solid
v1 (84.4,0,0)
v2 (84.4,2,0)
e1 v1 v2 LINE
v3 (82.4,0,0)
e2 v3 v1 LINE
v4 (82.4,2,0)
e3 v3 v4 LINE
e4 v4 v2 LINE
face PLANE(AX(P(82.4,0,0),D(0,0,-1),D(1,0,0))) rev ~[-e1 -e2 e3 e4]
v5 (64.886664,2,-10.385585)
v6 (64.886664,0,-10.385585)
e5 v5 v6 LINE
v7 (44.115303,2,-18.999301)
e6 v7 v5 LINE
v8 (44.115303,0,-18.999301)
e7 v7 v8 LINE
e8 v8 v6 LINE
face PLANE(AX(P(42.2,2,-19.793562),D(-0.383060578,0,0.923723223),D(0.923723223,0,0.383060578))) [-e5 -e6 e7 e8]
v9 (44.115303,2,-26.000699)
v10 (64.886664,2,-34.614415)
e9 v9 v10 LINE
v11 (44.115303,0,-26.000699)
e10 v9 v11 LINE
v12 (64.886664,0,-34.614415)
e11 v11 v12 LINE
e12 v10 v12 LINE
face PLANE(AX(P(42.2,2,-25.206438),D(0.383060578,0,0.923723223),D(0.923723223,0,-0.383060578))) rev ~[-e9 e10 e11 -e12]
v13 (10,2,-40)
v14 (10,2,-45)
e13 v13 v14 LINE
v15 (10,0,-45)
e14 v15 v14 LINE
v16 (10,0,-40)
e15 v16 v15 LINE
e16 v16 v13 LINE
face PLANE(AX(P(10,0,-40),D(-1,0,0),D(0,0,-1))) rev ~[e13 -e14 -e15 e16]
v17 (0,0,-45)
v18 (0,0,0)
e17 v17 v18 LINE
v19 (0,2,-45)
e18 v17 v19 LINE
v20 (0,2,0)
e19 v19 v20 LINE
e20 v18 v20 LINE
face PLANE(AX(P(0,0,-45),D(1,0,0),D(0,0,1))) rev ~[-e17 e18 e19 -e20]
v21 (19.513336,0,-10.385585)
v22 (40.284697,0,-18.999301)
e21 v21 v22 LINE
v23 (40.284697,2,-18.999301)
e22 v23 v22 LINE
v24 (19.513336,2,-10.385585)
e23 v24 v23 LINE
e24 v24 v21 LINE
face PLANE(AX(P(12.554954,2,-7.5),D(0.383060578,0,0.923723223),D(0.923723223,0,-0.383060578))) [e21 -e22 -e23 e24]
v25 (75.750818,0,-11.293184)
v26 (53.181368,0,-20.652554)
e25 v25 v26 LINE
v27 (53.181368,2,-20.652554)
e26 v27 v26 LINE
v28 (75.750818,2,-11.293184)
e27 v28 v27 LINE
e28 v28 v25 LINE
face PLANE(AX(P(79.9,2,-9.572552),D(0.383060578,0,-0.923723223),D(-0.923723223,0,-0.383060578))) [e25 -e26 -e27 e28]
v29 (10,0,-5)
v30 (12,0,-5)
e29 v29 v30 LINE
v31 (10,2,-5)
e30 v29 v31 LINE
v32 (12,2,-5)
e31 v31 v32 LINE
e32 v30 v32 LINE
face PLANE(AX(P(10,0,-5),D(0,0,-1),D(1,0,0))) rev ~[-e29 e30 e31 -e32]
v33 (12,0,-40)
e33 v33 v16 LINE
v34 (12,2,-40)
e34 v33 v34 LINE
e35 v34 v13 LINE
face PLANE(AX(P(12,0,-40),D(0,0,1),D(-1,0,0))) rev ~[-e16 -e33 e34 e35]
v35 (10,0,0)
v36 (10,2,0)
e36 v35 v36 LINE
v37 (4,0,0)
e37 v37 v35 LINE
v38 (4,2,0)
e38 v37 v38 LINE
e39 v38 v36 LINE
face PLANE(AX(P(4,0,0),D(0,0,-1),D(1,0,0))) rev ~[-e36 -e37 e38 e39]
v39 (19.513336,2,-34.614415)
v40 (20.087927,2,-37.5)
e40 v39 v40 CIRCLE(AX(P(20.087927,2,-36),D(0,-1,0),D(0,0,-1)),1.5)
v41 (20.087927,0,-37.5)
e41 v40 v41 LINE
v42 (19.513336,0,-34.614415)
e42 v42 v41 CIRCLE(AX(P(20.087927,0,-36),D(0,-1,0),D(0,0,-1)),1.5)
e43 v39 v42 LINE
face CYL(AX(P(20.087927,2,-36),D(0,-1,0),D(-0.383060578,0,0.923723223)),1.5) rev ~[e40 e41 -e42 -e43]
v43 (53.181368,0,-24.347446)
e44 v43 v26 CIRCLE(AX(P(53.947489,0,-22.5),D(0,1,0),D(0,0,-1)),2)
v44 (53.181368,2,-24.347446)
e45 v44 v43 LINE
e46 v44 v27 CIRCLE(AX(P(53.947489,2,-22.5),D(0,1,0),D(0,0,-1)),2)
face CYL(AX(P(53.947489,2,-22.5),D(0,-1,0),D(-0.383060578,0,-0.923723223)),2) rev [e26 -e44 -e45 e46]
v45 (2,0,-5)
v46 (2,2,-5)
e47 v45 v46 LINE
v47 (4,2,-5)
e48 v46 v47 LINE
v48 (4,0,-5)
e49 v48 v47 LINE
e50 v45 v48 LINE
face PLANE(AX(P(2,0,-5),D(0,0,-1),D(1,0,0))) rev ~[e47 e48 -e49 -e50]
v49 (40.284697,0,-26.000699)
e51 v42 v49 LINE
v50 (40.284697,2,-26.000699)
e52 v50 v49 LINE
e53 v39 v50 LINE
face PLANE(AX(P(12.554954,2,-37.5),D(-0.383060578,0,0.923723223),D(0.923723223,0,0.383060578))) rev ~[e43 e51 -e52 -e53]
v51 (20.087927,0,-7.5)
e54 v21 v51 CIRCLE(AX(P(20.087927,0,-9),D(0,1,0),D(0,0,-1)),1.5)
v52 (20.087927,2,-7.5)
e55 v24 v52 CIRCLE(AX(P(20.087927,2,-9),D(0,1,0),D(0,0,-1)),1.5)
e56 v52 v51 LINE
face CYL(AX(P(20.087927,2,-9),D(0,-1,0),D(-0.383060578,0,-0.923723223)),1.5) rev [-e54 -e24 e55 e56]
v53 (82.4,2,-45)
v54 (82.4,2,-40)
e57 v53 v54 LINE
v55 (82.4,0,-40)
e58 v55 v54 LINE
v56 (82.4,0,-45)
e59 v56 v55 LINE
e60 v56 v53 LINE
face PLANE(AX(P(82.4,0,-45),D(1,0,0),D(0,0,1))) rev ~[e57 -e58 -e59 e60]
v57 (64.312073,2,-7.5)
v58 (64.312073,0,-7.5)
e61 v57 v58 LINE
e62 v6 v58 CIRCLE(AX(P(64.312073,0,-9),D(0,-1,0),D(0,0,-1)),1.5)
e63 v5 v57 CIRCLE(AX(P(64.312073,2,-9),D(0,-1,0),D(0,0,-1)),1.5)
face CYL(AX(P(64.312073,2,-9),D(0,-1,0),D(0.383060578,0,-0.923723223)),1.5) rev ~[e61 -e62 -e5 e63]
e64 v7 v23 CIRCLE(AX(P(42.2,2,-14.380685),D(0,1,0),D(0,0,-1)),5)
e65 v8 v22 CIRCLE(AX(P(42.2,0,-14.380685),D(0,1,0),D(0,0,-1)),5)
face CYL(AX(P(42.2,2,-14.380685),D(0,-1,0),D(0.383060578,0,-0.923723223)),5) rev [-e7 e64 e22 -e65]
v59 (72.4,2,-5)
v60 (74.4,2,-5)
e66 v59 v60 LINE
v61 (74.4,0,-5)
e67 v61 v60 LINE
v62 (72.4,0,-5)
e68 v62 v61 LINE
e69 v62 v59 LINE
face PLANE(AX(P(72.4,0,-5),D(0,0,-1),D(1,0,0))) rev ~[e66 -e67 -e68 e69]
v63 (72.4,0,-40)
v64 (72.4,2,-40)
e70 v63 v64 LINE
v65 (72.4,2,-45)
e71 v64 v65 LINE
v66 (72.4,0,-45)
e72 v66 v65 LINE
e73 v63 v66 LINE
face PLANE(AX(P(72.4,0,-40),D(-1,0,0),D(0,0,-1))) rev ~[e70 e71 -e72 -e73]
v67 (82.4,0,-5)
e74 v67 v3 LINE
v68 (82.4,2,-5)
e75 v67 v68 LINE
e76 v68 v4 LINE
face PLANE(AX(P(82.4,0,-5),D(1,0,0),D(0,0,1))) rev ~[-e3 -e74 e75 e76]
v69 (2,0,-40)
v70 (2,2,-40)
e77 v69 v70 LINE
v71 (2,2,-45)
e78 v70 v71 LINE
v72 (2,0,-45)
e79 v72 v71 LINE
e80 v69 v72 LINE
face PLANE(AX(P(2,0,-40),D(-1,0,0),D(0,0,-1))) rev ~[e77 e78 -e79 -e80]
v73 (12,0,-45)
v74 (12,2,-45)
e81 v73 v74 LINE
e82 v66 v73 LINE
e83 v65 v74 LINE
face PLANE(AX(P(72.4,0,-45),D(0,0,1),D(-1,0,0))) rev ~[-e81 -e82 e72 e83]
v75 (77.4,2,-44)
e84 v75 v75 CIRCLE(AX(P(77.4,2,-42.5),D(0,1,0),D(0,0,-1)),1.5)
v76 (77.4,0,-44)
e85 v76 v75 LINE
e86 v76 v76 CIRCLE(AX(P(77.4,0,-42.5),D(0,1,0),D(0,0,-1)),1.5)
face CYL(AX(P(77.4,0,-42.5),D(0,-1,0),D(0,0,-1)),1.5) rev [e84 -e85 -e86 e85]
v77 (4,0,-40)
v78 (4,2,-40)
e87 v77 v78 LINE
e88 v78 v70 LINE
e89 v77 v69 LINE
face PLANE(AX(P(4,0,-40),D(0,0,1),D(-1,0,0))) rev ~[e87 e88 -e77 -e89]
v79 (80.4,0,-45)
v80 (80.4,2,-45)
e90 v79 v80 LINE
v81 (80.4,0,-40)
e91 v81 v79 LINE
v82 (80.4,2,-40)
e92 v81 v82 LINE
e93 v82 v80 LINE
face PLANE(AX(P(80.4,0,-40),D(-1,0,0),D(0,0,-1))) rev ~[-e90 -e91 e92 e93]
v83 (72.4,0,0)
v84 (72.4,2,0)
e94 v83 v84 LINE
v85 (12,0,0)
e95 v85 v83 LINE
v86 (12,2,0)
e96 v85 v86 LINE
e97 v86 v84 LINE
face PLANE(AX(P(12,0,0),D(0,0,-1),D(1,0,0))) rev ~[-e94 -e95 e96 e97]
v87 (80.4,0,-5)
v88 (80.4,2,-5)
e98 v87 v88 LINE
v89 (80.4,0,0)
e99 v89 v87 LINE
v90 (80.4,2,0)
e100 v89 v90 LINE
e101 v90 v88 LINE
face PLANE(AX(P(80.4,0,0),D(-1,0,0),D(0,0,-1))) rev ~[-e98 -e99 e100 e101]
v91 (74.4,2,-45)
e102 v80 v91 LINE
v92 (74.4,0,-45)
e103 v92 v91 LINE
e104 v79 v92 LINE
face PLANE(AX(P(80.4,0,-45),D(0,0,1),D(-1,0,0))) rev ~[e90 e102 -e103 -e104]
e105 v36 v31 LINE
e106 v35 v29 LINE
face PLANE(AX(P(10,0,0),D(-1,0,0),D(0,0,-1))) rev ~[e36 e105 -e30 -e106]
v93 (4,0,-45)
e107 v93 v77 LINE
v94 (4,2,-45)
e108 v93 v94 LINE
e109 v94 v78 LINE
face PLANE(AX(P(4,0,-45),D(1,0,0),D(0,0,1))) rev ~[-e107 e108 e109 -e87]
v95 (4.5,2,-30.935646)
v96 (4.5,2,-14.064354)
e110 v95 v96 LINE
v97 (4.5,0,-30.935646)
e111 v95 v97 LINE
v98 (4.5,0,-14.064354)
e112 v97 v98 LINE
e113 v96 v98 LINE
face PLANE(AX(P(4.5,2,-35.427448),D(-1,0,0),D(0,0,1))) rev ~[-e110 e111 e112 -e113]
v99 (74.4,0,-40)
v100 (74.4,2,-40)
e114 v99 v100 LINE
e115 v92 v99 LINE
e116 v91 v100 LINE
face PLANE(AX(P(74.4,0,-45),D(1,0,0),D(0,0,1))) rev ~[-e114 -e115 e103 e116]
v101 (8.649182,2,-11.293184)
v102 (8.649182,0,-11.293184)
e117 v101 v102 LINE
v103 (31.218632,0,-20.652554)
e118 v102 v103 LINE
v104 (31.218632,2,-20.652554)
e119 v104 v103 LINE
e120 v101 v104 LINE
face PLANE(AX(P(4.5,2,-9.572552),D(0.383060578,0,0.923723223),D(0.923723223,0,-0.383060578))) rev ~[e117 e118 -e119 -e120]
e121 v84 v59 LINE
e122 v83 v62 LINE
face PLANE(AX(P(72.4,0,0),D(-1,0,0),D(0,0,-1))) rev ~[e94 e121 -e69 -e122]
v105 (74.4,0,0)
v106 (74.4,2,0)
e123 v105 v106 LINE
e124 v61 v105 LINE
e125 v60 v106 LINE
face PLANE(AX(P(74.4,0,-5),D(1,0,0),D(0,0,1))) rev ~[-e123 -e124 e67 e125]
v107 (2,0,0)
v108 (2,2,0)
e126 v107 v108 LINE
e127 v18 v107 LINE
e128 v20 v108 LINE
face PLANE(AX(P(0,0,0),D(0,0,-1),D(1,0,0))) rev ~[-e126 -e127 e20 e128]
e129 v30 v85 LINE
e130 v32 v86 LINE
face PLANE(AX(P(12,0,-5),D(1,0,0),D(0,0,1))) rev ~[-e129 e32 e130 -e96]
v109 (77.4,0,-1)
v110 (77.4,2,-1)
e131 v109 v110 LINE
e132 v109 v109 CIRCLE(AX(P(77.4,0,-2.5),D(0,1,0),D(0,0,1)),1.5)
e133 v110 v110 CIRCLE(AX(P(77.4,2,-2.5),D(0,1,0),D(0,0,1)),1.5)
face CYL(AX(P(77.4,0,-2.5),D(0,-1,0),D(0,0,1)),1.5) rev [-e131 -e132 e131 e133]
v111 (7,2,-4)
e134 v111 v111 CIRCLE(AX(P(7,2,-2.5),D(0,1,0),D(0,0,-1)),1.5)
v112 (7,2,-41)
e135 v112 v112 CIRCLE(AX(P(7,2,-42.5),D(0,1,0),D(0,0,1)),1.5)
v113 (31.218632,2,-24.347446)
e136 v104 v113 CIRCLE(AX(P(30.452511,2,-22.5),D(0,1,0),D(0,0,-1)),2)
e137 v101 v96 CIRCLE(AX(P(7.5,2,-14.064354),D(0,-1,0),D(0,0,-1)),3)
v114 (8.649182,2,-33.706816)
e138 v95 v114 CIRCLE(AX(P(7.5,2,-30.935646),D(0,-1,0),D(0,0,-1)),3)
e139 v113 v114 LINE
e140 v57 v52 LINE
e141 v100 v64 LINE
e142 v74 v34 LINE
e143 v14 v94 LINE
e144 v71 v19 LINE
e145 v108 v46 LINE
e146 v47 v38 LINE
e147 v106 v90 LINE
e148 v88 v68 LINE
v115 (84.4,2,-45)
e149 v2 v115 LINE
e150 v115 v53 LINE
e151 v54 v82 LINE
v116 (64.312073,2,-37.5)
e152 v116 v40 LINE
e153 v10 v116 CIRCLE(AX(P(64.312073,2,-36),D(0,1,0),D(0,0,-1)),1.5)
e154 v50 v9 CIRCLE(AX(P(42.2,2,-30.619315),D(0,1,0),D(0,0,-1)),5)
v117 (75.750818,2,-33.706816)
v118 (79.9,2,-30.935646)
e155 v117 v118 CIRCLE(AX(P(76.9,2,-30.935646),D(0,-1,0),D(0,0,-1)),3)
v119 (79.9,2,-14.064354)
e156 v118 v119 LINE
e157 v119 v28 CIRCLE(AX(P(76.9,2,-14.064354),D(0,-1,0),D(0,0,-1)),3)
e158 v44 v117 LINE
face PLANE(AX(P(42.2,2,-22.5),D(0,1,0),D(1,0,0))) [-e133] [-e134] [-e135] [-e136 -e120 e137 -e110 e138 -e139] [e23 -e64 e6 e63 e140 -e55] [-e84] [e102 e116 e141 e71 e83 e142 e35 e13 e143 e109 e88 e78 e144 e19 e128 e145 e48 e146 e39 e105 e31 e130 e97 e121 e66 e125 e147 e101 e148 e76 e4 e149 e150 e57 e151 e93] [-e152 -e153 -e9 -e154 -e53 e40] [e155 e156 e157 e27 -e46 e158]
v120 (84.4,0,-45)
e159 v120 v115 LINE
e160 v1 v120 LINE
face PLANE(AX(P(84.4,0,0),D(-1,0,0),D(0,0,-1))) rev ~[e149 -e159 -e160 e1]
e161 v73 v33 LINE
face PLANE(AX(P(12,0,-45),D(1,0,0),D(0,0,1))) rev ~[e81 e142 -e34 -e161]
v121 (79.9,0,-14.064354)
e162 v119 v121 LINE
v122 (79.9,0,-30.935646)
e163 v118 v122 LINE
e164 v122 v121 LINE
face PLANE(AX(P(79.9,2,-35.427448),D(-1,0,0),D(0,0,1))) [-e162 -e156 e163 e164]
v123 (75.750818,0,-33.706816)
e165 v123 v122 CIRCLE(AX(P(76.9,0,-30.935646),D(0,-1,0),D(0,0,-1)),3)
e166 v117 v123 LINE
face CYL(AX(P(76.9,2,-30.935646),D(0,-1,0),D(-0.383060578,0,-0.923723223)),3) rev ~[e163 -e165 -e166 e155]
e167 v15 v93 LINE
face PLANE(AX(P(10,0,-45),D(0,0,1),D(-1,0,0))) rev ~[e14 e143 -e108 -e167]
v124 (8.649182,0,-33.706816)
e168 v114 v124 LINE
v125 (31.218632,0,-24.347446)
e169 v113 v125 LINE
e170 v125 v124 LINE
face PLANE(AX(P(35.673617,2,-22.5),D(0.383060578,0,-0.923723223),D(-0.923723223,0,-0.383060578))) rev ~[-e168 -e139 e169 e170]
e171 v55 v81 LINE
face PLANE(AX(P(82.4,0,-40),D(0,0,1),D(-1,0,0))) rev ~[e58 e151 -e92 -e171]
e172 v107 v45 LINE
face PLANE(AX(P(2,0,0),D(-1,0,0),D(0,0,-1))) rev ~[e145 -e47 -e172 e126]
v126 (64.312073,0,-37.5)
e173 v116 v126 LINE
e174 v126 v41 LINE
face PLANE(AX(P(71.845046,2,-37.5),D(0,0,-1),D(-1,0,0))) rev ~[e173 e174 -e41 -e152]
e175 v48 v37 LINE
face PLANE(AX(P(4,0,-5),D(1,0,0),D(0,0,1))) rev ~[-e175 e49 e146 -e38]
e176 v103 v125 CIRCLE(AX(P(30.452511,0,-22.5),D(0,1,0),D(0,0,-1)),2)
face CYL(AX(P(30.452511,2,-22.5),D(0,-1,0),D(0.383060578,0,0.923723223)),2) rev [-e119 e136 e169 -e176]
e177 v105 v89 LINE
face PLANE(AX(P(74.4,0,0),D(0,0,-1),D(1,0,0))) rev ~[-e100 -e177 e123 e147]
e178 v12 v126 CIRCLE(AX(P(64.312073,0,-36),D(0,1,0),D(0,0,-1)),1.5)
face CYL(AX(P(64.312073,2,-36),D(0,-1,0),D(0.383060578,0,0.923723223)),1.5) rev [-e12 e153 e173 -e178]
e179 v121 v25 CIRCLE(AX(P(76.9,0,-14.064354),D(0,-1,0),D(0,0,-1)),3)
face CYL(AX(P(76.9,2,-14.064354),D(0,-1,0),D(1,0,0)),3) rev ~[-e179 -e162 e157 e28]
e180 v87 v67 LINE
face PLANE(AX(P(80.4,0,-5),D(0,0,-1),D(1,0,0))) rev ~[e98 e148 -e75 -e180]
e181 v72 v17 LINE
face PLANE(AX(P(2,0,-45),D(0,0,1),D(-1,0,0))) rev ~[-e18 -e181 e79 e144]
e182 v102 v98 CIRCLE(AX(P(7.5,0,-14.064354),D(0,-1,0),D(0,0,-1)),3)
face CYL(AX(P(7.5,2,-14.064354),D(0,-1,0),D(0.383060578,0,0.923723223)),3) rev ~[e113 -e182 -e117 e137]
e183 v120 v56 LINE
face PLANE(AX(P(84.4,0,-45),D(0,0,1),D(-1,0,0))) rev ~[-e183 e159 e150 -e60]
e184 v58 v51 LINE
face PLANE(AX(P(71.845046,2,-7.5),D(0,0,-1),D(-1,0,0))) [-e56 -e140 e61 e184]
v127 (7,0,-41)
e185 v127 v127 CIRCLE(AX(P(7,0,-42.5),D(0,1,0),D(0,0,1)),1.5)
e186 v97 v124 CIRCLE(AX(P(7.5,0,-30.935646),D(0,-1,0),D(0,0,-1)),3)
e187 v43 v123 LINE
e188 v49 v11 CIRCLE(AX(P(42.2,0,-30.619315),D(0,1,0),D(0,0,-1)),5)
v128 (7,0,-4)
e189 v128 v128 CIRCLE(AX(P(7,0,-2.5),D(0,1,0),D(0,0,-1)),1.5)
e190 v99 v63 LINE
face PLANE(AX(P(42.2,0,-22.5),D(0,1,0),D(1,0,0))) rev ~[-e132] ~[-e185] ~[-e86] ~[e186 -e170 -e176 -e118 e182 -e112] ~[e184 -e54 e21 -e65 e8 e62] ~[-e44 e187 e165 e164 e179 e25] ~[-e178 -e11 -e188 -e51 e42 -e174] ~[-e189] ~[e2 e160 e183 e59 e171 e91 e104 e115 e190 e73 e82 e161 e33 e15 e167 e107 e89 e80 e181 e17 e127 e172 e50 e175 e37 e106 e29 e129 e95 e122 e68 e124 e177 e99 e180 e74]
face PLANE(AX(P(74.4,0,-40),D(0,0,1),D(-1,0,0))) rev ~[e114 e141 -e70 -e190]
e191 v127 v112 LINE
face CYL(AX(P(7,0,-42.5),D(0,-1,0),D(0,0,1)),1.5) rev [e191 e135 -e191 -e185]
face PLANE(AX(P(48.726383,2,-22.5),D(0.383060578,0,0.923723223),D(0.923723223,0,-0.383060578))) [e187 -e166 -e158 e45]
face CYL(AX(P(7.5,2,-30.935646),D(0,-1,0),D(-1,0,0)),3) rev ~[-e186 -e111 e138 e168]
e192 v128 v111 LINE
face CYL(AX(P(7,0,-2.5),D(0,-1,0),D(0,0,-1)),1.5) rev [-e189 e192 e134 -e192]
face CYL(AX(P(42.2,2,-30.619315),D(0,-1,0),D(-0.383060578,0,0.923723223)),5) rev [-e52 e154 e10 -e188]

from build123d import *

# Parameters (mm, degrees)
SKETCH1_R           = 1.5
BOSS_EXTRUDE1_DEPTH = 2
CUT_EXTRUDE2_DEPTH  = 10
FILLET30_R          = 1.5
FILLET31_R          = 5
FILLET32_R          = 2
FILLET33_R          = 3


with BuildPart() as part:
    # Sketch1 → Boss-Extrude1 (new body)
    with BuildSketch(Plane(origin=(0, 0, 0), x_dir=(1, 0, 0), z_dir=(0, 1, 0))):
        Polygon((0, 0), (2, 0), (2, 5), (4, 5), (4, 0), (10, 0), (10, 5), (12, 5), (12, 0), (72.4, 0), (72.4, 5), (74.4, 5), (74.4, 0), (80.4, 0), (80.4, 5), (82.4, 5), (82.4, 0), (84.4, 0), (84.4, 45), (82.4, 45), (82.4, 40), (80.4, 40), (80.4, 45), (74.4, 45), (74.4, 40), (72.4, 40), (72.4, 45), (12, 45), (12, 40), (10, 40), (10, 45), (4, 45), (4, 40), (2, 40), (2, 45), (0, 45), align=None)
        with Locations(Location((7, 42.5, 0), (0, 0, 270))):
            Circle(SKETCH1_R, mode=Mode.SUBTRACT)
        with Locations(Location((77.4, 42.5, 0), (0, 0, 90))):
            Circle(SKETCH1_R, mode=Mode.SUBTRACT)
        with Locations(Location((7, 2.5, 0), (0, 0, 90))):
            Circle(SKETCH1_R, mode=Mode.SUBTRACT)
        with Locations(Location((77.4, 2.5, 0), (0, 0, 270))):
            Circle(SKETCH1_R, mode=Mode.SUBTRACT)
    extrude(amount=BOSS_EXTRUDE1_DEPTH)

    # Sketch3 → Cut-Extrude2 (cut)
    with BuildSketch(Plane(origin=(0, 2, 0), x_dir=(1, 0, 0), z_dir=(0, 1, 0))):
        Polygon((71.845045693, 7.5), (12.554954307, 7.5), (42.2, 19.793561603), align=None)
        Polygon((4.5, 35.427447859), (4.5, 9.572552141), (35.673617122, 22.5), align=None)
        Polygon((12.554954307, 37.5), (42.2, 25.206438397), (71.845045693, 37.5), align=None)
        Polygon((79.9, 35.427447859), (79.9, 9.572552141), (48.726382878, 22.5), align=None)
    extrude(amount=-CUT_EXTRUDE2_DEPTH, mode=Mode.SUBTRACT)

    # Fillet30
    fillet30_edges = [part.edges().sort_by_distance(p)[0] for p in [
        (12.554954307, 1, -7.5),
        (71.845045693, 1, -7.5),
        (71.845045693, 1, -37.5),
        (12.554954307, 1, -37.5),
    ]]
    fillet(fillet30_edges, radius=FILLET30_R)

    # Fillet31
    fillet31_edges = [part.edges().sort_by_distance(p)[0] for p in [
        (42.2, 1, -19.793561603),
        (42.2, 1, -25.206438397),
    ]]
    fillet(fillet31_edges, radius=FILLET31_R)

    # Fillet32
    fillet32_edges = [part.edges().sort_by_distance(p)[0] for p in [
        (35.673617122, 1, -22.5),
        (48.726382878, 1, -22.5),
    ]]
    fillet(fillet32_edges, radius=FILLET32_R)

    # Fillet33
    fillet33_edges = [part.edges().sort_by_distance(p)[0] for p in [
        (4.5, 1, -9.572552141),
        (4.5, 1, -35.427447859),
        (79.9, 1, -35.427447859),
        (79.9, 1, -9.572552141),
    ]]
    fillet(fillet33_edges, radius=FILLET33_R)


solid = part.part
